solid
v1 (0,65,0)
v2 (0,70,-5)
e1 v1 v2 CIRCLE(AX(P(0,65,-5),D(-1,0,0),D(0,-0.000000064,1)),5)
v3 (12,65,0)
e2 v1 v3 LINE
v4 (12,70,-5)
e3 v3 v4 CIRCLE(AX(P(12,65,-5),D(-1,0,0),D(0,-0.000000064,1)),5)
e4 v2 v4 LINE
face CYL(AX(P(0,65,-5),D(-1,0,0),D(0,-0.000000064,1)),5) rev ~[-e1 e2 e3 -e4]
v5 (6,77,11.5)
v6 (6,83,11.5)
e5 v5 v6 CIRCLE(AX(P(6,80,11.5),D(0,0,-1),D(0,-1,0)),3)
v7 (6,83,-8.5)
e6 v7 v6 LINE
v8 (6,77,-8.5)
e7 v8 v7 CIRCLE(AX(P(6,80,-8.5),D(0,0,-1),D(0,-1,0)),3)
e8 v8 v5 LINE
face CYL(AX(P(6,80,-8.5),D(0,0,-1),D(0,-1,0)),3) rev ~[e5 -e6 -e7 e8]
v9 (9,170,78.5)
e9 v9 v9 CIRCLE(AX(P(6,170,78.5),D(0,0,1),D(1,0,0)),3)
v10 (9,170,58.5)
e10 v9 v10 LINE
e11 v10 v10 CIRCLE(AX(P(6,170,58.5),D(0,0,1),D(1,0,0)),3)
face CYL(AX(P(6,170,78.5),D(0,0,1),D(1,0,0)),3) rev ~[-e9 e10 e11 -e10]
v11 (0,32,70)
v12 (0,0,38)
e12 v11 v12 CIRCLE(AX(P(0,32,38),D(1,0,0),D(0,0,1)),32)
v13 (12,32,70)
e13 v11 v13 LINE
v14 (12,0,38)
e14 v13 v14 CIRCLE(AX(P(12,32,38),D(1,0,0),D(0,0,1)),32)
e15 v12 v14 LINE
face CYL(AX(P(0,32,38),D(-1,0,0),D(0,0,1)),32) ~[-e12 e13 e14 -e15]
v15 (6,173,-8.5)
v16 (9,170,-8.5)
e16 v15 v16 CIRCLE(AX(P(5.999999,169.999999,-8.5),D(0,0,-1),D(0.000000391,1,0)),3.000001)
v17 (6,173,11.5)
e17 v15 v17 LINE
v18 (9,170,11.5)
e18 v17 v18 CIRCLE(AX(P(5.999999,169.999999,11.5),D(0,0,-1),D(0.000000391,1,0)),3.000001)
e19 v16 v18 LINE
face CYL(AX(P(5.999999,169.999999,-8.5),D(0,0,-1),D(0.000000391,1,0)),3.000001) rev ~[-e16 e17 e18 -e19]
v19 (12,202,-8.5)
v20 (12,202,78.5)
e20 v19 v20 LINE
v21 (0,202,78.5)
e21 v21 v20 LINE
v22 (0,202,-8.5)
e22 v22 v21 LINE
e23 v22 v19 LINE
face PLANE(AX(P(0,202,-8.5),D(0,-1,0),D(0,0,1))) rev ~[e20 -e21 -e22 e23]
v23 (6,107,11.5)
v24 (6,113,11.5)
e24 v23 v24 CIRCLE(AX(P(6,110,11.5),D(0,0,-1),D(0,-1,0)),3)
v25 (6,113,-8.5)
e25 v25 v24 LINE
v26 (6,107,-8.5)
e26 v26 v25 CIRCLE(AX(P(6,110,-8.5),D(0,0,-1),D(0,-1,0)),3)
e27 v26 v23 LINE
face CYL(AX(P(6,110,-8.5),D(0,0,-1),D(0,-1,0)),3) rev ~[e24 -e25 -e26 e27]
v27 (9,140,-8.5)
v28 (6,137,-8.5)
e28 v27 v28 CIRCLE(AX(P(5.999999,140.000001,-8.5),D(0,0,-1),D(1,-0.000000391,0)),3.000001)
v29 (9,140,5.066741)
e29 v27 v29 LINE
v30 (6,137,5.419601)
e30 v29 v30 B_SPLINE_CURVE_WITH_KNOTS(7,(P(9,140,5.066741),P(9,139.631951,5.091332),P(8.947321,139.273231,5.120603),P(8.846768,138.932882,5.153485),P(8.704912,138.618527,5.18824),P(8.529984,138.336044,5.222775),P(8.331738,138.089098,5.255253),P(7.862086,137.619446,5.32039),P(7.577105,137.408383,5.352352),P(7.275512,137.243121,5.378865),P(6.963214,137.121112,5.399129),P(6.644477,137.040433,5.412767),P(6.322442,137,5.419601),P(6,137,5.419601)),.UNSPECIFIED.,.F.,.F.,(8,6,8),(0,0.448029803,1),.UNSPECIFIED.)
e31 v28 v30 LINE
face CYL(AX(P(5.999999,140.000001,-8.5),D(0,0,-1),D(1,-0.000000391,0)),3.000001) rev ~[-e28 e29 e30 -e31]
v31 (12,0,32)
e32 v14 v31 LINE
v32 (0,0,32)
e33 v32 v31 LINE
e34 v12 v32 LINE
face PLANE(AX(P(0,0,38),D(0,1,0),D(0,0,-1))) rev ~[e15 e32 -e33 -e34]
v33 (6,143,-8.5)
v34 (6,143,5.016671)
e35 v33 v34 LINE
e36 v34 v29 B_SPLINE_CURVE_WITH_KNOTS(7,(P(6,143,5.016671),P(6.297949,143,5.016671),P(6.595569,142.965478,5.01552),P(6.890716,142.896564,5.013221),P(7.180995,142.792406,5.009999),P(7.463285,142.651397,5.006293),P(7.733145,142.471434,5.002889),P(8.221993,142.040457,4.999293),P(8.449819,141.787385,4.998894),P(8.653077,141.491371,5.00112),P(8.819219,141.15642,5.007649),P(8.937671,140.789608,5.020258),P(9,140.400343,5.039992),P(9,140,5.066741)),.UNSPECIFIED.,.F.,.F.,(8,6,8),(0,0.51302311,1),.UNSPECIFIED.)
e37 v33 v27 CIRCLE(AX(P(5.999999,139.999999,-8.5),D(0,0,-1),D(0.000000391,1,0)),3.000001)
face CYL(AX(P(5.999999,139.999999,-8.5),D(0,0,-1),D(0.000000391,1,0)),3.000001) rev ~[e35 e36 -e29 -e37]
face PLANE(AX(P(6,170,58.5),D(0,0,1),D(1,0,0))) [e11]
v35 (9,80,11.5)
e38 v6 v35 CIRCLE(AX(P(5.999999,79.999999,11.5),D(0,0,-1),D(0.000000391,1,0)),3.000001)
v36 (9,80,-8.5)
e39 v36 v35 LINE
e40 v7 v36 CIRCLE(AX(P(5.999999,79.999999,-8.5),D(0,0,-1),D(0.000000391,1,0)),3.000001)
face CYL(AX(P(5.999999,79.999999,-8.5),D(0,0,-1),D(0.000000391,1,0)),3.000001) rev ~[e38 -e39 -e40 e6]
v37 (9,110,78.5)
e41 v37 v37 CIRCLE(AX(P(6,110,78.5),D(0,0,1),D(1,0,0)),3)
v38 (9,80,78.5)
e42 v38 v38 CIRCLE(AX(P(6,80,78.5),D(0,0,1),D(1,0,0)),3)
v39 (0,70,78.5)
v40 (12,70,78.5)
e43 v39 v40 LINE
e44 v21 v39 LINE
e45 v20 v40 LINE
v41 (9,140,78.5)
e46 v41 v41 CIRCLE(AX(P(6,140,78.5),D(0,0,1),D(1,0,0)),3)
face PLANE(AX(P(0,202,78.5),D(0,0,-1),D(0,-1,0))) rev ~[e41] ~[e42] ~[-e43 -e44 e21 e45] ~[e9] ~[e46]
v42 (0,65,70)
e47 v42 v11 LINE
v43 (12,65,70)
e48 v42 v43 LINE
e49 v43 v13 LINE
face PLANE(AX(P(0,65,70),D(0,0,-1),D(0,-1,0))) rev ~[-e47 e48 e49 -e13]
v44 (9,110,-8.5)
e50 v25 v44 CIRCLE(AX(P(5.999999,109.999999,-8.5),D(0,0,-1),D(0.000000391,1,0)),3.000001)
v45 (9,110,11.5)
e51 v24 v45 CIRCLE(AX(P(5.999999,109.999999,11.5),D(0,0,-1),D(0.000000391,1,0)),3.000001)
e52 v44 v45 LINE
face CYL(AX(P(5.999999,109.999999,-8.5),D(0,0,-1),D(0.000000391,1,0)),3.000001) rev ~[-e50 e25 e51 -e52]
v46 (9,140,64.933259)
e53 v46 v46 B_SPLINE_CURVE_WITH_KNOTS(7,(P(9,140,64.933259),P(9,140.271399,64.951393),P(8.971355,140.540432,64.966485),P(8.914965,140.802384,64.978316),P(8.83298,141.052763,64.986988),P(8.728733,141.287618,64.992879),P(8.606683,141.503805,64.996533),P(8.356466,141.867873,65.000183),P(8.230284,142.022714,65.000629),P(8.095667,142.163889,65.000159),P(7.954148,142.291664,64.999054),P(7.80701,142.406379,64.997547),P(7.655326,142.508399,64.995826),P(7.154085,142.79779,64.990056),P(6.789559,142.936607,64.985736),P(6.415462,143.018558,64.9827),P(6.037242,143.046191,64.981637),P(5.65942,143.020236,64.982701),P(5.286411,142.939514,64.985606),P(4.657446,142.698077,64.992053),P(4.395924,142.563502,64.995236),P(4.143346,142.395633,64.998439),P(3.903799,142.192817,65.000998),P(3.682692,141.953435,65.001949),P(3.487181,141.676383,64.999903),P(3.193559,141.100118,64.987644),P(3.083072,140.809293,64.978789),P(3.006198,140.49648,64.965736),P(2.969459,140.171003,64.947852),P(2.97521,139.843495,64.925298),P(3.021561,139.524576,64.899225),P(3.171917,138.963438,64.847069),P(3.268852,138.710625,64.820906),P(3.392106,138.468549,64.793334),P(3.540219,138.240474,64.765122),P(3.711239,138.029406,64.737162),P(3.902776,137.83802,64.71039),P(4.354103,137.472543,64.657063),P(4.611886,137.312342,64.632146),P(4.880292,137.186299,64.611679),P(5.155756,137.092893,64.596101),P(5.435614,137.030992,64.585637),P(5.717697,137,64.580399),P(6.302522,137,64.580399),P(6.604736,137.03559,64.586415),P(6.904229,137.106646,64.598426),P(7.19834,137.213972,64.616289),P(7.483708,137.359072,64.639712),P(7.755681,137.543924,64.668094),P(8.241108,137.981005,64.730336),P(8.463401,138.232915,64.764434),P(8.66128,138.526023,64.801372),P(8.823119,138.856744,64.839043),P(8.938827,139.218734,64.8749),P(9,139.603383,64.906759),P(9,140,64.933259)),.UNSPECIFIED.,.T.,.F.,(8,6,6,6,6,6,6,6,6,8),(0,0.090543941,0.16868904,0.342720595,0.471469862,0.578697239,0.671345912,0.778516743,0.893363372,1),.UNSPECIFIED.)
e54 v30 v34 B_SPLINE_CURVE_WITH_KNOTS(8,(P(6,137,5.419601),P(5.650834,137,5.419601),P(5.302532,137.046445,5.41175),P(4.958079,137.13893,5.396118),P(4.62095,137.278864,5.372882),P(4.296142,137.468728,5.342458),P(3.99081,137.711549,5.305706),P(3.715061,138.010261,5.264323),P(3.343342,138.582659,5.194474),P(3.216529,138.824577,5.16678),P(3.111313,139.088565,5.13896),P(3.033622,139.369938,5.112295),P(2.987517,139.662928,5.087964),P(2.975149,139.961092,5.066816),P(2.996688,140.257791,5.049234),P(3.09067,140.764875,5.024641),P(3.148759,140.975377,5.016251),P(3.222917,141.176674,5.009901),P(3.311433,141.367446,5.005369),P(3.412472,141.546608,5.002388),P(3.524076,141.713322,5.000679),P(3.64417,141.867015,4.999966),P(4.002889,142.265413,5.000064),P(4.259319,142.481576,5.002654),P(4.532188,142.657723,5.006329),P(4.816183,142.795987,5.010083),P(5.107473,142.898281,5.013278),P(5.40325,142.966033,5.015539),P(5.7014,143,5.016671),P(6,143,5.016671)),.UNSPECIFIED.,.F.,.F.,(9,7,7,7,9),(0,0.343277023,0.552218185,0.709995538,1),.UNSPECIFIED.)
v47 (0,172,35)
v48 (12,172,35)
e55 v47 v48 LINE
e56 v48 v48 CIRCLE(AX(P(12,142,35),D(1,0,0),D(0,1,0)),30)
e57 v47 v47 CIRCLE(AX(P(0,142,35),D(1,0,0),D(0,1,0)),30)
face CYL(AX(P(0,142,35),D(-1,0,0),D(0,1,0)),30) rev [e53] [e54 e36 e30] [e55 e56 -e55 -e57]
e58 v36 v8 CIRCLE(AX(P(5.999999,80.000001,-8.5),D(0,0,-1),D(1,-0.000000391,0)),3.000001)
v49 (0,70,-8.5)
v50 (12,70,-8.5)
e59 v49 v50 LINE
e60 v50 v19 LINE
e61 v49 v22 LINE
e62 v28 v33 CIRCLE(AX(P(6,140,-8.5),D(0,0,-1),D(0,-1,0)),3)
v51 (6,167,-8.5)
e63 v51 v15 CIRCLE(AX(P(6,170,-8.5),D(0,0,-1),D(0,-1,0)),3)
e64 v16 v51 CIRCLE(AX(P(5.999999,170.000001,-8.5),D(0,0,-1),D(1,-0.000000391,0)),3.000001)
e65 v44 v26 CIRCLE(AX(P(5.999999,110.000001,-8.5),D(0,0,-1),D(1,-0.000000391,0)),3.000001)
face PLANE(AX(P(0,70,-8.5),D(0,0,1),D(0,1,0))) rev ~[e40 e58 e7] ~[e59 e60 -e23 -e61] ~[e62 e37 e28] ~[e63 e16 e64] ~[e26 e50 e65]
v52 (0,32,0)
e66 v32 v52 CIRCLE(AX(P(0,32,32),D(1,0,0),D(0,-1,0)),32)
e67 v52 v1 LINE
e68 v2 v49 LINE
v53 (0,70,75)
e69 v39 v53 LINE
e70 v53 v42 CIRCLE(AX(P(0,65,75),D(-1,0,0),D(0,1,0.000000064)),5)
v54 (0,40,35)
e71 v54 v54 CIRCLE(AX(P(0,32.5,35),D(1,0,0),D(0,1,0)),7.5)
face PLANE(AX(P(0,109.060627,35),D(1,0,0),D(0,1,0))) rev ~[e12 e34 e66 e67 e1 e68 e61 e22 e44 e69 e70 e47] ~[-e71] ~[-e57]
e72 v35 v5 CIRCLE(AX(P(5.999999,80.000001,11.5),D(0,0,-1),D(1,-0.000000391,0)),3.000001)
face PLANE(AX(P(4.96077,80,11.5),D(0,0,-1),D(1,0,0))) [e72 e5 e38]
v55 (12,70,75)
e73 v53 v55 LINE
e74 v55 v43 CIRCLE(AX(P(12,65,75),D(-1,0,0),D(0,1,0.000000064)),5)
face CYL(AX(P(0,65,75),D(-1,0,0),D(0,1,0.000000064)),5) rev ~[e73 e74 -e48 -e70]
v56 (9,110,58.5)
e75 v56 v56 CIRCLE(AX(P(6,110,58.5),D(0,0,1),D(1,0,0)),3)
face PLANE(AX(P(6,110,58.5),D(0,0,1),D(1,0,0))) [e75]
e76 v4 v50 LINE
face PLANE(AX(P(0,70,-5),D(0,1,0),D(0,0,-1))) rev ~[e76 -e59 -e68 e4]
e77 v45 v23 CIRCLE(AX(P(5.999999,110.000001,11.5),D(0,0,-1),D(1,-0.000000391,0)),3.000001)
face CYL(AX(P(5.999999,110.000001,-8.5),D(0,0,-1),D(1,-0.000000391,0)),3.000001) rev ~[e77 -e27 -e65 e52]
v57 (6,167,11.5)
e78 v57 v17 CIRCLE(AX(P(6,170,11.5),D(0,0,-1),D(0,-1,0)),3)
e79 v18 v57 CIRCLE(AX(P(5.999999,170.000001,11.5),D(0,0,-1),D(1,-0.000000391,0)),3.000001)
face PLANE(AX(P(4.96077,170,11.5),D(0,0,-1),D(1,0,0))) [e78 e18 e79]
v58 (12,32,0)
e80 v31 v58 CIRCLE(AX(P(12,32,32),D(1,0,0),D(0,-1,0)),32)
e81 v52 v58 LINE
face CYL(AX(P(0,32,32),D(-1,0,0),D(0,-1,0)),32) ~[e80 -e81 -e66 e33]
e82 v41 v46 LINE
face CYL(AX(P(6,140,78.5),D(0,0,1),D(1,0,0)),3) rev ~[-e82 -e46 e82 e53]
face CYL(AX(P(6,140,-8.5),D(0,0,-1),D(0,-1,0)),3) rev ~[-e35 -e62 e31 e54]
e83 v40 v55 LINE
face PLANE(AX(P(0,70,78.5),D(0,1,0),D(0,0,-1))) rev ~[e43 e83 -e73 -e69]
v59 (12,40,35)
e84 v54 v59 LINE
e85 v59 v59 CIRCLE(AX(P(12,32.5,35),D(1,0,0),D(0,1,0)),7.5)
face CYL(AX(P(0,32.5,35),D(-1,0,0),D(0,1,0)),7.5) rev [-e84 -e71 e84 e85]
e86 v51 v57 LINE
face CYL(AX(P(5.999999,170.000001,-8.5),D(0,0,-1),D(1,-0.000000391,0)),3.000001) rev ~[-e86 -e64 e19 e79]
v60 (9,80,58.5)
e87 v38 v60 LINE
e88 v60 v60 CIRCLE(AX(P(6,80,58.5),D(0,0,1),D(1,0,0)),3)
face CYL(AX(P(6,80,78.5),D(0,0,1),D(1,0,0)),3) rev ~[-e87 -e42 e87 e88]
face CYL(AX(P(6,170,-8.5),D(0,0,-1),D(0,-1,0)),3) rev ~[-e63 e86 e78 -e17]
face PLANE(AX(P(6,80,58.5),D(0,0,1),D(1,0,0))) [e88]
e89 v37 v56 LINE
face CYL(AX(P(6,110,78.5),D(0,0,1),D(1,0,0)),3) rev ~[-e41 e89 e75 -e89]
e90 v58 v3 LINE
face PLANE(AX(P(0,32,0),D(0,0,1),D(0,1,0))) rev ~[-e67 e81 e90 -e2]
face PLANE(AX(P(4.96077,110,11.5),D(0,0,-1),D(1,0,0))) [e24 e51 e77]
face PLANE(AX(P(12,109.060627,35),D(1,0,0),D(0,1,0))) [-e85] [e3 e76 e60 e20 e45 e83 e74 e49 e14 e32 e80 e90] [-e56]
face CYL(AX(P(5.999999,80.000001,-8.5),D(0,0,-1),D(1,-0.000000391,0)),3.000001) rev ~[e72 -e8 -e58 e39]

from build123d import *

# Parameters (mm, degrees)
F0_R     = 7.5
F0_R_2   = 30
F1_DEPTH = 12
F2_R     = 3
F3_DEPTH = 20
F5_DEPTH = 20


with BuildPart() as f1:
    # F0 (on Right) → F1 (new body)
    with BuildSketch(Plane.YZ):
        with BuildLine():
            ThreePointArc((0, 32), (9.372583, 9.372583), (32, 0))
            Line((32, 0), (65, 0))
            ThreePointArc((65, 0), (68.535534, -1.464466), (70, -5))
            Line((70, -5), (70, -8.5))
            Line((70, -8.5), (202, -8.5))
            Line((202, -8.5), (202, 78.5))
            Line((202, 78.5), (70, 78.5))
            Line((70, 78.5), (70, 75))
            ThreePointArc((70, 75), (68.535534, 71.464466), (65, 70))
            Line((65, 70), (32, 70))
            ThreePointArc((32, 70), (9.372583, 60.627417), (0, 38))
            Line((0, 38), (0, 32))
        make_face()
        with Locations((32.5, 35)):
            Circle(F0_R, mode=Mode.SUBTRACT)
        with Locations((142, 35)):
            Circle(F0_R_2, mode=Mode.SUBTRACT)
    extrude(amount=F1_DEPTH)

    # F2 (on face) → F3 (cut)
    with BuildSketch(Plane.XY.offset(78.5)):
        with Locations((6, 80)):
            Circle(F2_R)
        with Locations((6, 110)):
            Circle(F2_R)
        with Locations((6, 140)):
            Circle(F2_R)
        with Locations((6, 170)):
            Circle(F2_R)
    extrude(amount=-F3_DEPTH, mode=Mode.SUBTRACT)

    # F4 (on face) → F5 (cut)
    with BuildSketch(Plane(origin=(0, 0, -8.5), x_dir=(1, 0, 0), z_dir=(0, 0, -1))):
        with BuildLine():
            ThreePointArc((6, -167), (3, -170), (6, -173))
            Line((6, -173), (6, -167))
        make_face()
        with BuildLine():
            ThreePointArc((6, -77), (3, -80), (6, -83))
            Line((6, -83), (6, -80))
            Line((6, -80), (6, -77))
        make_face()
        with BuildLine():
            Line((6, -80), (6, -83))
            ThreePointArc((6, -83), (8.12132, -82.12132), (9, -80))
            Line((9, -80), (6, -80))
        make_face()
        with BuildLine():
            ThreePointArc((6, -107), (3, -110), (6, -113))
            Line((6, -113), (6, -110))
            Line((6, -110), (6, -107))
        make_face()
        with BuildLine():
            Line((6, -110), (6, -113))
            ThreePointArc((6, -113), (8.12132, -112.12132), (9, -110))
            ThreePointArc((9, -110), (8.12132, -107.87868), (6, -107))
            Line((6, -107), (6, -110))
        make_face()
        with BuildLine():
            ThreePointArc((6, -137), (3, -140), (6, -143))
            Line((6, -143), (6, -137))
        make_face()
        with BuildLine():
            Line((6, -137), (6, -143))
            ThreePointArc((6, -143), (8.12132, -142.12132), (9, -140))
            ThreePointArc((9, -140), (8.12132, -137.87868), (6, -137))
        make_face()
        with BuildLine():
            Line((6, -167), (6, -173))
            ThreePointArc((6, -173), (8.12132, -172.12132), (9, -170))
            ThreePointArc((9, -170), (8.12132, -167.87868), (6, -167))
        make_face()
        with BuildLine():
            Line((6, -77), (6, -80))
            Line((6, -80), (9, -80))
            ThreePointArc((9, -80), (8.12132, -77.87868), (6, -77))
        make_face()
    extrude(amount=-F5_DEPTH, mode=Mode.SUBTRACT)


solid = f1.part
